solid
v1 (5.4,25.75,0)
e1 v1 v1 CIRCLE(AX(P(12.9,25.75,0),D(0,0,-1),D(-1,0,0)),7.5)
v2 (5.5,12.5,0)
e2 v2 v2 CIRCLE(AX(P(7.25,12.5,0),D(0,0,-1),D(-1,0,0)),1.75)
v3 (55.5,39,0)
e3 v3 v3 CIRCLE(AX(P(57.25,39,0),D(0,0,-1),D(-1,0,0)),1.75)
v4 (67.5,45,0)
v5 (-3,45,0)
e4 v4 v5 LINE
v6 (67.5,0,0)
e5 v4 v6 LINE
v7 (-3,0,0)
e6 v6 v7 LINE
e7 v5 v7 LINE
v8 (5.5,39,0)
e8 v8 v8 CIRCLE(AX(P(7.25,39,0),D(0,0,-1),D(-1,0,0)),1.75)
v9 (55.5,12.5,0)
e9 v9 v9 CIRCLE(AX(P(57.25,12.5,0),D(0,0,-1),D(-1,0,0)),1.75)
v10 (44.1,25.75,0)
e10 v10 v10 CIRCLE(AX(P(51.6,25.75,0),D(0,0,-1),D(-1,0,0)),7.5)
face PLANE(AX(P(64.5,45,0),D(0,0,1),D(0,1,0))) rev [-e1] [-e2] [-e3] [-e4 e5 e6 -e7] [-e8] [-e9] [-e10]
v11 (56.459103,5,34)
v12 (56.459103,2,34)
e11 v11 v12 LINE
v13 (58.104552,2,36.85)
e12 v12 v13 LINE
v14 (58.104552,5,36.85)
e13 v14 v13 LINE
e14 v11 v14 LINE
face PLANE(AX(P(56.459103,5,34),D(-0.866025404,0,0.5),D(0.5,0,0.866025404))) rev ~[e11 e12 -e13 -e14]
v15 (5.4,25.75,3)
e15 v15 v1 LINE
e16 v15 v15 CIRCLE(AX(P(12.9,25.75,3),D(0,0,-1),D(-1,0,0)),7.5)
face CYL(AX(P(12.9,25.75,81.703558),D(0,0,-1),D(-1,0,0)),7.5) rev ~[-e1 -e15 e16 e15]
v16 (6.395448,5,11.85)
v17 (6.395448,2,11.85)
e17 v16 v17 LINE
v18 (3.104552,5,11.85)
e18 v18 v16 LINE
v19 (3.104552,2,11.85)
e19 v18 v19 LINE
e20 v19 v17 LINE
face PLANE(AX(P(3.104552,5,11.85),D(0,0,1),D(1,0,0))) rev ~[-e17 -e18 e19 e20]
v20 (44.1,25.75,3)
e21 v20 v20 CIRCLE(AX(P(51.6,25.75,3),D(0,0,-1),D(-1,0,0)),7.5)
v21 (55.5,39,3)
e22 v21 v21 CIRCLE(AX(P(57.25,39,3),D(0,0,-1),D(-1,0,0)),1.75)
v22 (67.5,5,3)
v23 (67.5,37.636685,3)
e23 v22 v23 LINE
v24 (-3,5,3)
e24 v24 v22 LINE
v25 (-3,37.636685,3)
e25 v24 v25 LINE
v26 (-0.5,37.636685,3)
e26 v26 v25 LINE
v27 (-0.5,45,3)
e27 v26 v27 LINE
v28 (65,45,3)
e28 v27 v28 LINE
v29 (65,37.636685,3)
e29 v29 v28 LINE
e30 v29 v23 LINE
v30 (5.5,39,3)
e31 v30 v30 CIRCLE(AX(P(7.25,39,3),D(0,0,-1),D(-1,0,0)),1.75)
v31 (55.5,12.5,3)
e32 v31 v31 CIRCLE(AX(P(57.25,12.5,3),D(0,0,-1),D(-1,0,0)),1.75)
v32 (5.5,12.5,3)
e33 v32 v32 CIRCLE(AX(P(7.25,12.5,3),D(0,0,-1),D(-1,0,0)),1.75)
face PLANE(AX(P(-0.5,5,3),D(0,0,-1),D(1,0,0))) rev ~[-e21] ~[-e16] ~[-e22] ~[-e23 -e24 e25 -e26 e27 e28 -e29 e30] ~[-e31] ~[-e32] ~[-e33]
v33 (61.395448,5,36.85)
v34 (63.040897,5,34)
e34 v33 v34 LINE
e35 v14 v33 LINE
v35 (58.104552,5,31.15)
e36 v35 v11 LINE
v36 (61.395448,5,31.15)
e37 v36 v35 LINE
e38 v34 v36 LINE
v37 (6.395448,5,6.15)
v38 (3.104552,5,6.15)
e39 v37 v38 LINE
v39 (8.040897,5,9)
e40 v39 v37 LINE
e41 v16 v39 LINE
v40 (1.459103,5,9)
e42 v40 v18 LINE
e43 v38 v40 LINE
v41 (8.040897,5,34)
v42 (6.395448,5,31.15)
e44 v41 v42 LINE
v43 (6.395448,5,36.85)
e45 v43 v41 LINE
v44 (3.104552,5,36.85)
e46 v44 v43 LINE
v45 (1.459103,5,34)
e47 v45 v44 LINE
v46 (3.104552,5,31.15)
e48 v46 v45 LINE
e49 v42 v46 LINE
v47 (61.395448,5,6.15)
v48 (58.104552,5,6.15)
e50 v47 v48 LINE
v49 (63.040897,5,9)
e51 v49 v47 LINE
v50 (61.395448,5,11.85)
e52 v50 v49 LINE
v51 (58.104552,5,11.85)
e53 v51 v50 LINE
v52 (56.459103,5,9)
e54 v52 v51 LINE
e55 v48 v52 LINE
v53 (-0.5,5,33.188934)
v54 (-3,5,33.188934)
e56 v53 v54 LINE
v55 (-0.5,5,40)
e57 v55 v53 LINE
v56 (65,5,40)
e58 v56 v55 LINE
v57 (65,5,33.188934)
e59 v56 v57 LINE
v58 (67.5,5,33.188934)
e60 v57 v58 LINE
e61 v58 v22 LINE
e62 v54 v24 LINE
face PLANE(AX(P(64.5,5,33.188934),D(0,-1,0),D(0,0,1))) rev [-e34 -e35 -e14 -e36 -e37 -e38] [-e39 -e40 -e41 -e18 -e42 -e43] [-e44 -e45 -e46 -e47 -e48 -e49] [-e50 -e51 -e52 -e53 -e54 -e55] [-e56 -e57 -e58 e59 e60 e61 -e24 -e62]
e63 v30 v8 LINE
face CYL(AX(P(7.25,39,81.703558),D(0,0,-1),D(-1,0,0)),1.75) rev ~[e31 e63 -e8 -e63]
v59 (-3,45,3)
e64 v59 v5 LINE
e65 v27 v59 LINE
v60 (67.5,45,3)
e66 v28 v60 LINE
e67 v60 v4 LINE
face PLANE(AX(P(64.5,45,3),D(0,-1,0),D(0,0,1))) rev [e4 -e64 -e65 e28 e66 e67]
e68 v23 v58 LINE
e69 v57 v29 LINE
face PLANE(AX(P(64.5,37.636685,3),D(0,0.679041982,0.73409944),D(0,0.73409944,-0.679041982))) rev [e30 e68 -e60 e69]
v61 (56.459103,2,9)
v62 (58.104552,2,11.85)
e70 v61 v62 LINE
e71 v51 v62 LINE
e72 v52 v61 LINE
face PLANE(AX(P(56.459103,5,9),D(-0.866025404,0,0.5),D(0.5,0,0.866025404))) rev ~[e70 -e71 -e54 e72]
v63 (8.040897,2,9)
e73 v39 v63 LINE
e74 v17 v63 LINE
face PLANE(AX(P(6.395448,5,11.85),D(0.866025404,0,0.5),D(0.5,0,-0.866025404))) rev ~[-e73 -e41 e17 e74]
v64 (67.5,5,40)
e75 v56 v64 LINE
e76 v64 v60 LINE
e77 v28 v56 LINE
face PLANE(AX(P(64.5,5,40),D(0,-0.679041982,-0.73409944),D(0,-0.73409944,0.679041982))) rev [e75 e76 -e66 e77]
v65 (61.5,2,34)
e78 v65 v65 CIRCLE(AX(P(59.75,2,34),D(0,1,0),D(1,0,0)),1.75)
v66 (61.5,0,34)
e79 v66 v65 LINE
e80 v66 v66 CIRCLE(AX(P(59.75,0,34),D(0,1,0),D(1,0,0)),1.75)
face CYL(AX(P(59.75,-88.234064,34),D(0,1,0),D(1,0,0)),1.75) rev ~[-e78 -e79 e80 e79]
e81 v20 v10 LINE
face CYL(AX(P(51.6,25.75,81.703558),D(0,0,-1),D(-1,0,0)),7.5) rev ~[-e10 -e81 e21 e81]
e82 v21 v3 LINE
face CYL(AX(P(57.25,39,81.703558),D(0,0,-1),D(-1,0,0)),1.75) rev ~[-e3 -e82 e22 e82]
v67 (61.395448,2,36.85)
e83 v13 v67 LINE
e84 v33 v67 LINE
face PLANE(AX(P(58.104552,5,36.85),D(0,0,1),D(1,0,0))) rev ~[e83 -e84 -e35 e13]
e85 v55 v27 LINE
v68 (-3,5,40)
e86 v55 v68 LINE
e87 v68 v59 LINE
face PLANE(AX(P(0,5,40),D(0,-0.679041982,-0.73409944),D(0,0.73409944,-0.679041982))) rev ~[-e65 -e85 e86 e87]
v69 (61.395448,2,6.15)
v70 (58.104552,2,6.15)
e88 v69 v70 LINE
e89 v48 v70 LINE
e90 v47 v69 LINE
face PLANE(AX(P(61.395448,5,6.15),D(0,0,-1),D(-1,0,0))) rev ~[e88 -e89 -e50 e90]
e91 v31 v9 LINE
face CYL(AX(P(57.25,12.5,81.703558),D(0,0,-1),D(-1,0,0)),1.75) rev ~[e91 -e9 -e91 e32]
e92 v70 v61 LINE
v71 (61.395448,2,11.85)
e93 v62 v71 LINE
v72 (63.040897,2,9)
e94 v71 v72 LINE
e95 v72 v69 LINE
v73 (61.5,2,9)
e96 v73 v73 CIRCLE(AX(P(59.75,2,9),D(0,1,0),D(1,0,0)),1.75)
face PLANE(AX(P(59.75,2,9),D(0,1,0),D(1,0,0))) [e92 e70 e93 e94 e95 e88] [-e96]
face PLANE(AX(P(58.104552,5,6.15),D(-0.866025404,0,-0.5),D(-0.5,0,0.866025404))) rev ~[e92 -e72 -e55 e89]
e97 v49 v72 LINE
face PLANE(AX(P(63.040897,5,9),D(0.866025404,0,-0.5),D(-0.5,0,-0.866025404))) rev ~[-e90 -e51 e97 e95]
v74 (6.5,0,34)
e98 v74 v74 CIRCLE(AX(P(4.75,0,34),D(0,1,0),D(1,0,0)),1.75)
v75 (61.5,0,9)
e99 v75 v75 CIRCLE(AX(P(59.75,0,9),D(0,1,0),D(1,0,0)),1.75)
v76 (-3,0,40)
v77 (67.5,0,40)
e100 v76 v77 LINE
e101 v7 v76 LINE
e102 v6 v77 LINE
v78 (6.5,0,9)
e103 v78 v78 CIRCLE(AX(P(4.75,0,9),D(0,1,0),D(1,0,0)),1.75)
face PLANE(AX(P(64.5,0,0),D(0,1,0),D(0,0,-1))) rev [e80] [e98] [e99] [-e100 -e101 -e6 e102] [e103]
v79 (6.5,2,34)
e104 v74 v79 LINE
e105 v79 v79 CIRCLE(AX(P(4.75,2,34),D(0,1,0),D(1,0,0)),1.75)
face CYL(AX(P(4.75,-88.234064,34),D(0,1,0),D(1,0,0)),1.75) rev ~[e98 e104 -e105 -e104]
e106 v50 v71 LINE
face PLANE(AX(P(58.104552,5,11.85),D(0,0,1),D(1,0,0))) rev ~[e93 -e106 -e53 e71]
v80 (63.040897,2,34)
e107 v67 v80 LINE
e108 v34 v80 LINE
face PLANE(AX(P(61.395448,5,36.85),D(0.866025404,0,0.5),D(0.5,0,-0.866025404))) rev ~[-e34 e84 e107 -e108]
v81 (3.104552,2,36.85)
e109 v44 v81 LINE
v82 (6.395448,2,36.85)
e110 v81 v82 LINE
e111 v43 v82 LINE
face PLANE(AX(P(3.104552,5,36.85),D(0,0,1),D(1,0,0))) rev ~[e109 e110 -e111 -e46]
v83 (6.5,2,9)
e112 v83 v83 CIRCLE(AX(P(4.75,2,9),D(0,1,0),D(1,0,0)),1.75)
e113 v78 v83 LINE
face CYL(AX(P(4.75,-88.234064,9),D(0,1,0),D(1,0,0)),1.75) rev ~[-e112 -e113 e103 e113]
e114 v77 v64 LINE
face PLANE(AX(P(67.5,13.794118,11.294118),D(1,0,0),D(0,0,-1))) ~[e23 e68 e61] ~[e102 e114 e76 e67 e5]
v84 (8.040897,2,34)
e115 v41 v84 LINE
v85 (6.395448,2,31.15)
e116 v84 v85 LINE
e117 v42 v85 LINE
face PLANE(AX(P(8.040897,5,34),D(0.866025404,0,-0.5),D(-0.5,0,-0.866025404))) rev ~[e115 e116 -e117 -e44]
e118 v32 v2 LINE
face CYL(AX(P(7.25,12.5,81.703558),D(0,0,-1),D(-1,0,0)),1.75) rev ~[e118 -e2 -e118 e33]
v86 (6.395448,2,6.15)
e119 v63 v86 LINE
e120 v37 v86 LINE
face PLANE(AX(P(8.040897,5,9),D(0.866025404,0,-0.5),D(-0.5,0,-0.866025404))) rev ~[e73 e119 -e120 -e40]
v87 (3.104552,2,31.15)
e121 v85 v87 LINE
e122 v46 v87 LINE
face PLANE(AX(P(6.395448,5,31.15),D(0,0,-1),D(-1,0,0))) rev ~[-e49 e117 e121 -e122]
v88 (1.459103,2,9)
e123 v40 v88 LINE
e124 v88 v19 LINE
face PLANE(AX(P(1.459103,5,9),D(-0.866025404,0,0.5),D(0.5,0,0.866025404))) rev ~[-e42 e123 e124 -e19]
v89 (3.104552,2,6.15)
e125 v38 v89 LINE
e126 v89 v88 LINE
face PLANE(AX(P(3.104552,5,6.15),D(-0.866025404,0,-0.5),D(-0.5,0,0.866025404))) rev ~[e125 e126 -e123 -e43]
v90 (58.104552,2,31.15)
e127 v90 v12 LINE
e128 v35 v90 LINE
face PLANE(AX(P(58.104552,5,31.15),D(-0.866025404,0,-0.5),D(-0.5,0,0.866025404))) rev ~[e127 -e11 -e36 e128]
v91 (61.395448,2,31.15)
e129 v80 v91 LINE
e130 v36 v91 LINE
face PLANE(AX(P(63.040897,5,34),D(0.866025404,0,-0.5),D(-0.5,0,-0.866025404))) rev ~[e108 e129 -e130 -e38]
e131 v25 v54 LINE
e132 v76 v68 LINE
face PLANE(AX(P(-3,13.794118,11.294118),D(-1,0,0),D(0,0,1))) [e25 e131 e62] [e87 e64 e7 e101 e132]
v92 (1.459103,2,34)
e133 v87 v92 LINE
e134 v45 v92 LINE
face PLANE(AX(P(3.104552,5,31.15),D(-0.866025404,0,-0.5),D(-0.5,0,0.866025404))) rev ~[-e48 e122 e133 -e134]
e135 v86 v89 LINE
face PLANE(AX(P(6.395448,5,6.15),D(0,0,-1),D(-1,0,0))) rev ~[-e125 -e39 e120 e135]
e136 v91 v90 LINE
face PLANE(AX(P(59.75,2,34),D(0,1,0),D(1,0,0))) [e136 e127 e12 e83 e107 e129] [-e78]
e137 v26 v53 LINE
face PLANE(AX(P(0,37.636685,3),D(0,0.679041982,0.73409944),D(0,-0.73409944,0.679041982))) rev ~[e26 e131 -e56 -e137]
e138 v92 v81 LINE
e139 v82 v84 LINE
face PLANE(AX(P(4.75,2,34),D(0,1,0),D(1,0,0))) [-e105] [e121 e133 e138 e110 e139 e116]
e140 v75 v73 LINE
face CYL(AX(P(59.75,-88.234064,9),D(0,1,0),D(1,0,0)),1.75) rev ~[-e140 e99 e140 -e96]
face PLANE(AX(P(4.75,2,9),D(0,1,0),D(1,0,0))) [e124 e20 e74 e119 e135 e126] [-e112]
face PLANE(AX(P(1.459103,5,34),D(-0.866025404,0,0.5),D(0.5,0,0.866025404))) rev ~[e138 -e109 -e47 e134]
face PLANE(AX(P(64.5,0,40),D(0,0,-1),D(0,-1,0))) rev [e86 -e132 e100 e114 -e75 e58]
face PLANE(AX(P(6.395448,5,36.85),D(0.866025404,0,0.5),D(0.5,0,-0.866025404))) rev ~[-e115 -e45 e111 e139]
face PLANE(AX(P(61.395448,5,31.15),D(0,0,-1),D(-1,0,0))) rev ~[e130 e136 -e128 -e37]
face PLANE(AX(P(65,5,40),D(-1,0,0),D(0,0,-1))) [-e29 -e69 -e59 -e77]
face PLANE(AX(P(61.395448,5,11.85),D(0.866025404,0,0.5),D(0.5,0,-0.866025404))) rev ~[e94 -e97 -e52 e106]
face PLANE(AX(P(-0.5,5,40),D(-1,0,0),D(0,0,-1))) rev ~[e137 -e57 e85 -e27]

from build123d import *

# Parameters (mm, degrees)
SKETCH_1_W          = 64.5
SKETCH_1_H          = 45
EXTRUDE_1_DEPTH     = 3
HOLE_WIZARD_1_D     = 3.5
HOLE_WIZARD_2_D     = 15
SKETCH_7_W          = 64.5
SKETCH_7_H          = 5
EXTRUDE_2_DEPTH     = 37
HOLE_WIZARD_3_D     = 3.5
CUT_EXTRUDE_1_DEPTH = 3
EXTRUDE_3_DEPTH     = 3
SKETCH_15_W         = 65.5
SKETCH_15_H         = 37
CUT_EXTRUDE_2_DEPTH = 40


with BuildPart() as part:
    # 草图1 → 凸台-拉伸1 (new body)
    with BuildSketch(Plane.XY):
        with Locations((32.25, 22.5)):
            Rectangle(SKETCH_1_W, SKETCH_1_H)
    extrude(amount=EXTRUDE_1_DEPTH)

    # 孔1 (through all)
    with Locations(Plane.XY.offset(3)):
        with Locations((7.25, 39), (57.25, 39), (57.25, 12.5), (7.25, 12.5)):
            Hole(HOLE_WIZARD_1_D / 2)

    # 孔2 (through all)
    with Locations(Plane.XY.offset(3)):
        with Locations((12.9, 25.75), (51.6, 25.75)):
            Hole(HOLE_WIZARD_2_D / 2)

    # 草图7 → 凸台-拉伸2 (add)
    with BuildSketch(Plane.XY.offset(3)):
        with Locations((32.25, 2.5)):
            Rectangle(SKETCH_7_W, SKETCH_7_H)
    extrude(amount=EXTRUDE_2_DEPTH)

    # 孔3 (through all)
    with Locations(Plane(origin=(0, 0, 0), x_dir=(-1, 0, 0), z_dir=(0, -1, 0))):
        with Locations((-4.75, -34), (-4.75, -9), (-59.75, -9), (-59.75, -34)):
            Hole(HOLE_WIZARD_3_D / 2)

    # 草图11 → 切除-拉伸1 (cut)
    with BuildSketch(Plane(origin=(0, 5, 0), x_dir=(1, 0, 0), z_dir=(0, 1, 0))):
        Polygon((63.040896534, -9), (61.395448267, -6.15), (58.104551733, -6.15), (56.459103466, -9), (58.104551733, -11.85), (61.395448267, -11.85), align=None)
        Polygon((63.040896534, -34), (61.395448267, -31.15), (58.104551733, -31.15), (56.459103466, -34), (58.104551733, -36.85), (61.395448267, -36.85), align=None)
        Polygon((8.040896534, -34), (6.395448267, -31.15), (3.104551733, -31.15), (1.459103466, -34), (3.104551733, -36.85), (6.395448267, -36.85), align=None)
        Polygon((8.040896534, -9), (6.395448267, -6.15), (3.104551733, -6.15), (1.459103466, -9), (3.104551733, -11.85), (6.395448267, -11.85), align=None)
    extrude(amount=-CUT_EXTRUDE_1_DEPTH, mode=Mode.SUBTRACT)

    # 草图14 → 凸台-拉伸3 (add)
    with BuildSketch(Plane.ZY):
        Polygon((3, 45), (0, 45), (0, 0), (40, 0), (40, 5), (33.188933637, 5), (3, 5), (3, 37.636685013), align=None)
        Polygon((40, 5), (3, 45), (3, 37.636685013), (33.188933637, 5), align=None)
    extrude_3 = extrude(amount=EXTRUDE_3_DEPTH)

    # 镜向1: 凸台-拉伸3 across plane
    add(extrude_3.mirror(Plane.ZY.offset(-32.25)))

    # 草图15 → 切除-拉伸2 (cut)
    with BuildSketch(Plane(origin=(0, 5, 0), x_dir=(1, 0, 0), z_dir=(0, 1, 0))):
        with Locations((32.25, -21.5)):
            Rectangle(SKETCH_15_W, SKETCH_15_H)
    extrude(amount=CUT_EXTRUDE_2_DEPTH, mode=Mode.SUBTRACT)


solid = part.part
